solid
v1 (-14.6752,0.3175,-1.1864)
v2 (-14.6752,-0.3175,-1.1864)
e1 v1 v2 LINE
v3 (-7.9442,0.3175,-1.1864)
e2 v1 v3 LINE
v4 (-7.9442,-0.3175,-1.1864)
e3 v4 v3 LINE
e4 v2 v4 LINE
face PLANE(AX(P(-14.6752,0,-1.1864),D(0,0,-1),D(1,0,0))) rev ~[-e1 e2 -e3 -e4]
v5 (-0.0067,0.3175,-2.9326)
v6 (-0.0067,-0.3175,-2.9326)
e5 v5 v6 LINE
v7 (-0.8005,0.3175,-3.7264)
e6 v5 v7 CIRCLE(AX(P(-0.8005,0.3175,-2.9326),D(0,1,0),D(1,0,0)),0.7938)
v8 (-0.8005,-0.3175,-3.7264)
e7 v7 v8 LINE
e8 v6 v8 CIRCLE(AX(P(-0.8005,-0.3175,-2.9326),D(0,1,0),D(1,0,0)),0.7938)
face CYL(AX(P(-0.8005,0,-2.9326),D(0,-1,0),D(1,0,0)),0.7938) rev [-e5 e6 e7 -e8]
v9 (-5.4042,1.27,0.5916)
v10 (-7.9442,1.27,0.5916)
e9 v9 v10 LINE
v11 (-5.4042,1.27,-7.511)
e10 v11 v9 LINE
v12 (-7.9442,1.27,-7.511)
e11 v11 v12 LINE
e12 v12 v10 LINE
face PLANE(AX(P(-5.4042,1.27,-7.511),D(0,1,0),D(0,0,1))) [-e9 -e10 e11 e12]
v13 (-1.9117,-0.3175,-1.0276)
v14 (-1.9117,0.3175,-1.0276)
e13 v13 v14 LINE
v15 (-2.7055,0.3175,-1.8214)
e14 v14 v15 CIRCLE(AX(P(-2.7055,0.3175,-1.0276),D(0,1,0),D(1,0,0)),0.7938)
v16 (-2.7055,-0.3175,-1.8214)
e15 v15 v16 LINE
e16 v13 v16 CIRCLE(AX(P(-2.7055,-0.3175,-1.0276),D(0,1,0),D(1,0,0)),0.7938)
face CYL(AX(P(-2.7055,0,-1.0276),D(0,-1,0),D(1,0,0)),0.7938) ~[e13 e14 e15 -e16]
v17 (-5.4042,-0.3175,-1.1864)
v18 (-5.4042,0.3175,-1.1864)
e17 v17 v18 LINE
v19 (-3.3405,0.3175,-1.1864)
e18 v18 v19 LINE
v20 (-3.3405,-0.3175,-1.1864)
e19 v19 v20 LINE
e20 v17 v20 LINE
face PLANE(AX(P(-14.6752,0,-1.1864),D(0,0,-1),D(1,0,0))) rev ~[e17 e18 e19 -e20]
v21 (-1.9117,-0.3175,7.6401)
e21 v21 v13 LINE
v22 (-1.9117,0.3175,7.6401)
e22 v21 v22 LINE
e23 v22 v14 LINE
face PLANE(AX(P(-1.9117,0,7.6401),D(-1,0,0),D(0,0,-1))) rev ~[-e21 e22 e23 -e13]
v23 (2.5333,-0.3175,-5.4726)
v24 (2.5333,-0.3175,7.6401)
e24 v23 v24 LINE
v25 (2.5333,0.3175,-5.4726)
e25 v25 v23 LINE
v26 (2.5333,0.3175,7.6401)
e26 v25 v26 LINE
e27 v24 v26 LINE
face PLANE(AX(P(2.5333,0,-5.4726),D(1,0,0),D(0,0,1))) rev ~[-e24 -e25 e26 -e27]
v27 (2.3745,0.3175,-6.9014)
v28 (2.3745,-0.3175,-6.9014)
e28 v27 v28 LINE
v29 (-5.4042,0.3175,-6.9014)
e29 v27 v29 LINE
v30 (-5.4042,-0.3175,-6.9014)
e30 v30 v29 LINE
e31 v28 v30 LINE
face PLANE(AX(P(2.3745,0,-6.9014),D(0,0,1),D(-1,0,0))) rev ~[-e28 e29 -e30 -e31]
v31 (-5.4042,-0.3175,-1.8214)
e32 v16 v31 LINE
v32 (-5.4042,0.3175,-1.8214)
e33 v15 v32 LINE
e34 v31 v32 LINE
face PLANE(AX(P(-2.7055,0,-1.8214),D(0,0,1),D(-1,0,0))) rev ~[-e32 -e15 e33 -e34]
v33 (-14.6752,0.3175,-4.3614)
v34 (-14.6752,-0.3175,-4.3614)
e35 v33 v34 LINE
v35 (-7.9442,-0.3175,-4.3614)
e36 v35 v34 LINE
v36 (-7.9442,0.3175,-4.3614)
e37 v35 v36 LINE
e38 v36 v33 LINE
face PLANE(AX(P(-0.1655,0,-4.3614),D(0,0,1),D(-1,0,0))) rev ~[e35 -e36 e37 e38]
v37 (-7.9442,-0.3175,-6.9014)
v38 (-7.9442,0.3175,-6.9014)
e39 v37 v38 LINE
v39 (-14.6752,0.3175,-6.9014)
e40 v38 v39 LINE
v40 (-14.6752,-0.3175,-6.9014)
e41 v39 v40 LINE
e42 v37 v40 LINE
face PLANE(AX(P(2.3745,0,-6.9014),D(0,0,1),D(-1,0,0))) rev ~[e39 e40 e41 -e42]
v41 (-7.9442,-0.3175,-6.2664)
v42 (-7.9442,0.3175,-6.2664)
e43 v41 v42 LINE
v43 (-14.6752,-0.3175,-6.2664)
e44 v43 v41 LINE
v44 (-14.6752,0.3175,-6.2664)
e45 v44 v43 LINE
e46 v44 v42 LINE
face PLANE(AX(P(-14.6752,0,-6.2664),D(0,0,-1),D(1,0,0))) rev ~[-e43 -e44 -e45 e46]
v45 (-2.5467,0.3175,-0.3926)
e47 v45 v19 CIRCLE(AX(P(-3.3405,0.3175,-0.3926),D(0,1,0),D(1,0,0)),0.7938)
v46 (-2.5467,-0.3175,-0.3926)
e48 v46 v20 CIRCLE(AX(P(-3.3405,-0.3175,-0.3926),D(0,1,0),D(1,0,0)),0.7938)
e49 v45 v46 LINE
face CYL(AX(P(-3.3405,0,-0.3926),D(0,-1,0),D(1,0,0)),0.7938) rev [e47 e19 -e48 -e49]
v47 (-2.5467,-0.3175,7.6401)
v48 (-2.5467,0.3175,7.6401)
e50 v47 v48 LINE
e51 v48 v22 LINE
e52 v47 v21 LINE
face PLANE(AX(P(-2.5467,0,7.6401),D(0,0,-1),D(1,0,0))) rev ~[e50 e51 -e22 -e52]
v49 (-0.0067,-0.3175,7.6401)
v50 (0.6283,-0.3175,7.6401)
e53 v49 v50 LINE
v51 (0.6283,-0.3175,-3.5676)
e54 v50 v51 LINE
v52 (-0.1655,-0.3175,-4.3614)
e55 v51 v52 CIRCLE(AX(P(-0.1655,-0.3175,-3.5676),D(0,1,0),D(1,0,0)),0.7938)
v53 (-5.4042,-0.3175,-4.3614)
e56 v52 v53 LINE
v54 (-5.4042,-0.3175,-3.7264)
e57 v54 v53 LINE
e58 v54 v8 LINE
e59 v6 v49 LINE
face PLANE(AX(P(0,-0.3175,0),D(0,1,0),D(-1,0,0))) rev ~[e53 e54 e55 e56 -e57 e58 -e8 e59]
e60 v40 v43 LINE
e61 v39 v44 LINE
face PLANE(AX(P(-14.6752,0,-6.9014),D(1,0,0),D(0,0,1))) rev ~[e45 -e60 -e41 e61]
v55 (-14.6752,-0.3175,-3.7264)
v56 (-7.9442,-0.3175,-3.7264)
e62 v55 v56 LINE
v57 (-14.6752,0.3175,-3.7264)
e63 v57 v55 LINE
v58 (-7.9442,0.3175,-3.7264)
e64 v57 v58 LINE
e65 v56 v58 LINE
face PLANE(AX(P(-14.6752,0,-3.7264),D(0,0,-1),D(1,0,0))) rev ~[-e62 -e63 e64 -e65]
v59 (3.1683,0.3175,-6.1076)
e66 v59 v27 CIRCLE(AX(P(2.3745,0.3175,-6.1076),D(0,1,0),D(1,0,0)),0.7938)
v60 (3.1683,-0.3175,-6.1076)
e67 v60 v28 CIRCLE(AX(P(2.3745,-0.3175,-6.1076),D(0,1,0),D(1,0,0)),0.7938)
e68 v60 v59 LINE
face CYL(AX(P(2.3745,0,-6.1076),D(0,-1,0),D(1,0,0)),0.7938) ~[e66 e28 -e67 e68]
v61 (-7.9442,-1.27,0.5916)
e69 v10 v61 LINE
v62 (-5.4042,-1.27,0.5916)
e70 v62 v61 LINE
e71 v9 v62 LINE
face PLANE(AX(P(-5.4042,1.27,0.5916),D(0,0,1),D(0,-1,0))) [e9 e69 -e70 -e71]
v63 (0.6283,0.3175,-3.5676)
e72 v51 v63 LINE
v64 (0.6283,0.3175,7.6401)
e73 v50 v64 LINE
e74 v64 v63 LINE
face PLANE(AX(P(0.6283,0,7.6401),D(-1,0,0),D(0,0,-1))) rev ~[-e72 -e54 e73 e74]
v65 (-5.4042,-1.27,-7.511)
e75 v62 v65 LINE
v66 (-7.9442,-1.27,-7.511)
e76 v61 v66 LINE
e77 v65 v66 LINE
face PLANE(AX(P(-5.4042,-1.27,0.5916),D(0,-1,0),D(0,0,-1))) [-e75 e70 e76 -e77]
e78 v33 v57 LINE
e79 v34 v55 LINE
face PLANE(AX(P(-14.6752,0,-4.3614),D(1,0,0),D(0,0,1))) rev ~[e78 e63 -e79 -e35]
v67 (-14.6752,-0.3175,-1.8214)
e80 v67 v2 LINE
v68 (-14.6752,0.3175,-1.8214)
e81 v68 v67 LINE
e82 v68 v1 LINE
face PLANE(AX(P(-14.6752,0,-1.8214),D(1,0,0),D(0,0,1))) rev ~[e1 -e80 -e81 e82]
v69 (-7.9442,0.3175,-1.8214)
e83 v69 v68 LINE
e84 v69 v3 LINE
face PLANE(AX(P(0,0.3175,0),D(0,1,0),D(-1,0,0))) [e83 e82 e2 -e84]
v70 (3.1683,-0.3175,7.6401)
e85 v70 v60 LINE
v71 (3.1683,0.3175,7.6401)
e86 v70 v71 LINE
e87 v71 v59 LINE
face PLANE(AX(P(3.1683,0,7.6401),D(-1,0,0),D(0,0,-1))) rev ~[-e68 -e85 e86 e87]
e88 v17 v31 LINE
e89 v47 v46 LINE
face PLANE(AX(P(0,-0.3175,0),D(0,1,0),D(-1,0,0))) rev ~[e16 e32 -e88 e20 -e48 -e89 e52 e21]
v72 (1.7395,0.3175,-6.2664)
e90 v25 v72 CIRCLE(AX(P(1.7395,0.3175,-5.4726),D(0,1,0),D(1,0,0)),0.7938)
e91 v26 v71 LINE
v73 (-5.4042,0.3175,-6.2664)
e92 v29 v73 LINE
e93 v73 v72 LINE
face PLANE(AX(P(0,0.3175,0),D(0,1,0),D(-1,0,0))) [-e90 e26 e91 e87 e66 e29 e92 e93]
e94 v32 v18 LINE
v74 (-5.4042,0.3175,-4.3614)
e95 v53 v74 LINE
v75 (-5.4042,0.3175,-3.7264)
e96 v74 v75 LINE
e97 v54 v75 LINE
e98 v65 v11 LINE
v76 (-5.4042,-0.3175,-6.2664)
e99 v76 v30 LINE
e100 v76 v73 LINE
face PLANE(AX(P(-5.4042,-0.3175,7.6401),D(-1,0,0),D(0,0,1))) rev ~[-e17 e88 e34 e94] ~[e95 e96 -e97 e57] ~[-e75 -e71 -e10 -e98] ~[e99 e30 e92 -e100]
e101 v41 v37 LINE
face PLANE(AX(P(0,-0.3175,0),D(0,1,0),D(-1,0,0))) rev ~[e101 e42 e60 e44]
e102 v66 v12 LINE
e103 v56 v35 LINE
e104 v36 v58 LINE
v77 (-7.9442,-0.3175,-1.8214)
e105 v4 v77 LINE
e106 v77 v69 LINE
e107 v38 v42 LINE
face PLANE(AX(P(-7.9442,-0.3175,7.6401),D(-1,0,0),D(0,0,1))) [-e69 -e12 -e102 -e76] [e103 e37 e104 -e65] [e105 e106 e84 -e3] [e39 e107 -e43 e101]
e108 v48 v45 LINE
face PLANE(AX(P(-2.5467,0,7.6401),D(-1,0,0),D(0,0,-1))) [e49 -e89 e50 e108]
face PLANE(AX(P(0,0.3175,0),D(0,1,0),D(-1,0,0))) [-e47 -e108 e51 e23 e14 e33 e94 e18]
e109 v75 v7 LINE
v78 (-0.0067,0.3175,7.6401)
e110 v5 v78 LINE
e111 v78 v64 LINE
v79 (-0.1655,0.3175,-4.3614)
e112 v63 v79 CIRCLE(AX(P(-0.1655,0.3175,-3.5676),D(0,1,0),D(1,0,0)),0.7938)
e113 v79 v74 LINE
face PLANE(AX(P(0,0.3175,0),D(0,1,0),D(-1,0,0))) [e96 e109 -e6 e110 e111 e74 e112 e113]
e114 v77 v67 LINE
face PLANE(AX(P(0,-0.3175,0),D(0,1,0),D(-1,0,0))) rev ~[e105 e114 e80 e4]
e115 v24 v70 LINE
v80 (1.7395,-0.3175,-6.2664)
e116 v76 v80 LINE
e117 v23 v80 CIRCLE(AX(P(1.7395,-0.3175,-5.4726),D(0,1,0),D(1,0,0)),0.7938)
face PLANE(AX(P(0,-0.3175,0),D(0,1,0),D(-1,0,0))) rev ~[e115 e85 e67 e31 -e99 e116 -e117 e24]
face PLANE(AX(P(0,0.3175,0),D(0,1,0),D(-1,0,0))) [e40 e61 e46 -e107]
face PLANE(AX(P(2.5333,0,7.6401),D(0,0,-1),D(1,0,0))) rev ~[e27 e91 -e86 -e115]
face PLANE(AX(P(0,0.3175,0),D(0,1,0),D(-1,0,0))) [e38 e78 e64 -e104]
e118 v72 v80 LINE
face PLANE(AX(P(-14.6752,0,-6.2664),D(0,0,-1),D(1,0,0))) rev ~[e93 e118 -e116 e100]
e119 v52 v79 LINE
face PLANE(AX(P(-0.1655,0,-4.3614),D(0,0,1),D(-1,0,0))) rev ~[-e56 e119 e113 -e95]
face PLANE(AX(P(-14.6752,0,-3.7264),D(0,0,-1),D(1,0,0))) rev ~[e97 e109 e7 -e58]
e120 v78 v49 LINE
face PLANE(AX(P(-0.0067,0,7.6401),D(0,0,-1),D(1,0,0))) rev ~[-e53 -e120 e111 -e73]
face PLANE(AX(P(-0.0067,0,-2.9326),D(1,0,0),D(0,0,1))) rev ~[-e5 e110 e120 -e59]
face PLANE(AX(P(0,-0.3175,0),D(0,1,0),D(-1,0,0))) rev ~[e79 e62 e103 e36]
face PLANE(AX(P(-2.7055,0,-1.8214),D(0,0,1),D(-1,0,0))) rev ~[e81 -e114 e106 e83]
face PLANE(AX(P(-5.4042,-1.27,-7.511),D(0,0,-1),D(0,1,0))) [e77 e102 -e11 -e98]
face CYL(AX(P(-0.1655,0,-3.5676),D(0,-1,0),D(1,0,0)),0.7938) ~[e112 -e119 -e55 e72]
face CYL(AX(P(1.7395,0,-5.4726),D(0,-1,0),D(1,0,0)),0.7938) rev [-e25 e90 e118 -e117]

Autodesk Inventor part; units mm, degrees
ref_plane "YZ Plane" through (0, 0, 0) normal (1, 0, 0) x (0, 1, 0)
ref_plane "XZ Plane" through (0, 0, 0) normal (0, 1, 0) x (-1, 0, 0)
sketch "Sketch1" plane through (0, 0, 0) normal (0, 1, 0) x (-1, 0, 0)
  line L0 (2.5467, 7.6401) -> (1.9117, 7.6401)
  line L1 (1.9117, 7.6401) -> (1.9117, -1.0276)
  line L2 (2.7055, -1.8214) -> (14.6752, -1.8214)
  line L3 (14.6752, -1.8214) -> (14.6752, -1.1864)
  line L4 (14.6752, -1.1864) -> (3.3405, -1.1864)
  line L5 (2.5467, 7.6401) -> (2.5467, -0.3926)
  line L6 (-0.6283, 7.6401) -> (-0.6283, -3.5676)
  line L7 (0.1655, -4.3614) -> (14.6752, -4.3614)
  line L8 (14.6752, -4.3614) -> (14.6752, -3.7264)
  line L9 (14.6752, -3.7264) -> (0.8005, -3.7264)
  line L10 (0.0067, -2.9326) -> (0.0067, 7.6401)
  line L11 (0.0067, 7.6401) -> (-0.6283, 7.6401)
  line L12 (-2.5333, 7.6401) -> (-3.1683, 7.6401)
  line L13 (-3.1683, 7.6401) -> (-3.1683, -6.1076)
  line L14 (-2.3745, -6.9014) -> (14.6752, -6.9014)
  line L15 (14.6752, -6.9014) -> (14.6752, -6.2664)
  line L16 (14.6752, -6.2664) -> (-1.7395, -6.2664)
  line L17 (-2.5333, -5.4726) -> (-2.5333, 7.6401)
  line L18 (14.6752, -1.5039) -> (20.4389, -1.5039) construction
  line L19 (14.6752, -4.0439) -> (20.4389, -4.0439) construction
  line L20 (14.6752, -6.5839) -> (20.223, -6.5839) construction
  line L21 (2.2292, 7.6401) -> (2.2292, 18.3973) construction
  line L22 (-0.3108, 7.6401) -> (-0.3108, 17.4615) construction
  line L23 (-2.8508, 7.6401) -> (-2.8508, 17.4615) construction
  line L24 (8.8332, 0.2741) -> (6.2932, 0.2741) construction
  line L25 (6.2932, 0.2741) -> (6.2932, -7.8285) construction
  line L26 (6.2932, -7.8285) -> (8.8332, -7.8285) construction
  line L27 (8.8332, -7.8285) -> (8.8332, 0.2741) construction
  arc A0 (2.5467, -0.3926) -> (3.3405, -1.1864) centre (3.3405, -0.3926) ccw
  arc A1 (1.9117, -1.0276) -> (2.7055, -1.8214) centre (2.7055, -1.0276) ccw
  arc A2 (0.0067, -2.9326) -> (0.8005, -3.7264) centre (0.8005, -2.9326) ccw
  arc A3 (-0.6283, -3.5676) -> (0.1655, -4.3614) centre (0.1655, -3.5676) ccw
  arc A4 (-2.5333, -5.4726) -> (-1.7395, -6.2664) centre (-1.7395, -5.4726) ccw
  arc A5 (-3.1683, -6.1076) -> (-2.3745, -6.9014) centre (-2.3745, -6.1076) ccw
  point P0 (0, 0)
  dimension "d2" = 0.635
  dimension "d3" = 2.54
  dimension "d4" = 2.54
  dimension "d5" = 2.54
  dimension "d6" = 2.54
  dimension "d7" = 8.1026
  dimension "d8" = 2.54
  dimension "d9" = 1.778
  dimension "d10" = 7.366
  dimension "d11" = 4.064
  dimension "d12" = 5.842
  dimension "d13" = 0.7937
extrude "Extrusion1" add sketch "Sketch1" along normal mid plane 0.635
ref_plane "Work Plane1" through (-5.4042, -0.3175, 7.6401) normal (-1, 0, 0) x (0, 0, 1)
sketch "Sketch2" plane through (-5.4042, -0.3175, 7.6401) normal (-1, 0, 0) x (0, 0, 1)
  line L0 (-8.8265, 0) -> (-8.8265, 0.635) projected
  line L1 (-9.4615, 0.635) -> (-8.8265, 0.635) projected
  line L2 (-9.4615, 0) -> (-9.4615, 0.635) projected
  line L3 (-8.8265, 0) -> (-9.4615, 0) projected
  line L4 (-11.3665, 0) -> (-11.3665, 0.635) projected
  line L5 (-12.0015, 0.635) -> (-11.3665, 0.635) projected
  line L6 (-12.0015, 0) -> (-12.0015, 0.635) projected
  line L7 (-11.3665, 0) -> (-12.0015, 0) projected
  line L8 (-13.9065, 0) -> (-13.9065, 0.635) projected
  line L9 (-14.5415, 0.635) -> (-13.9065, 0.635) projected
  line L10 (-14.5415, 0) -> (-14.5415, 0.635) projected
  line L11 (-13.9065, 0) -> (-14.5415, 0) projected
  line L12 (-7.0485, -0.9525) -> (-15.1511, -0.9525)
  line L13 (-15.1511, -0.9525) -> (-15.1511, 1.5875)
  line L14 (-15.1511, 1.5875) -> (-7.0485, 1.5875)
  line L15 (-7.0485, 1.5875) -> (-7.0485, -0.9525)
  line L16 (-9.144, 0) -> (-9.144, -1.4837) construction
  line L17 (-11.684, 0) -> (-11.684, -1.596) construction
  line L18 (-14.224, 0) -> (-14.224, -1.596) construction
  line L19 (-14.5415, 0.3175) -> (-17.2072, 0.3175) construction
  point P0 (-7.6401, 0.3175)
  point P1 (-15.1511, 0.3175)
  dimension "d17" = 8.1026
  dimension "d18" = 1.778
  dimension "d19" = 2.54
extrude "Extrusion2" add sketch "Sketch2" along normal blind 2.54
properties part number "HeaderRight3"
